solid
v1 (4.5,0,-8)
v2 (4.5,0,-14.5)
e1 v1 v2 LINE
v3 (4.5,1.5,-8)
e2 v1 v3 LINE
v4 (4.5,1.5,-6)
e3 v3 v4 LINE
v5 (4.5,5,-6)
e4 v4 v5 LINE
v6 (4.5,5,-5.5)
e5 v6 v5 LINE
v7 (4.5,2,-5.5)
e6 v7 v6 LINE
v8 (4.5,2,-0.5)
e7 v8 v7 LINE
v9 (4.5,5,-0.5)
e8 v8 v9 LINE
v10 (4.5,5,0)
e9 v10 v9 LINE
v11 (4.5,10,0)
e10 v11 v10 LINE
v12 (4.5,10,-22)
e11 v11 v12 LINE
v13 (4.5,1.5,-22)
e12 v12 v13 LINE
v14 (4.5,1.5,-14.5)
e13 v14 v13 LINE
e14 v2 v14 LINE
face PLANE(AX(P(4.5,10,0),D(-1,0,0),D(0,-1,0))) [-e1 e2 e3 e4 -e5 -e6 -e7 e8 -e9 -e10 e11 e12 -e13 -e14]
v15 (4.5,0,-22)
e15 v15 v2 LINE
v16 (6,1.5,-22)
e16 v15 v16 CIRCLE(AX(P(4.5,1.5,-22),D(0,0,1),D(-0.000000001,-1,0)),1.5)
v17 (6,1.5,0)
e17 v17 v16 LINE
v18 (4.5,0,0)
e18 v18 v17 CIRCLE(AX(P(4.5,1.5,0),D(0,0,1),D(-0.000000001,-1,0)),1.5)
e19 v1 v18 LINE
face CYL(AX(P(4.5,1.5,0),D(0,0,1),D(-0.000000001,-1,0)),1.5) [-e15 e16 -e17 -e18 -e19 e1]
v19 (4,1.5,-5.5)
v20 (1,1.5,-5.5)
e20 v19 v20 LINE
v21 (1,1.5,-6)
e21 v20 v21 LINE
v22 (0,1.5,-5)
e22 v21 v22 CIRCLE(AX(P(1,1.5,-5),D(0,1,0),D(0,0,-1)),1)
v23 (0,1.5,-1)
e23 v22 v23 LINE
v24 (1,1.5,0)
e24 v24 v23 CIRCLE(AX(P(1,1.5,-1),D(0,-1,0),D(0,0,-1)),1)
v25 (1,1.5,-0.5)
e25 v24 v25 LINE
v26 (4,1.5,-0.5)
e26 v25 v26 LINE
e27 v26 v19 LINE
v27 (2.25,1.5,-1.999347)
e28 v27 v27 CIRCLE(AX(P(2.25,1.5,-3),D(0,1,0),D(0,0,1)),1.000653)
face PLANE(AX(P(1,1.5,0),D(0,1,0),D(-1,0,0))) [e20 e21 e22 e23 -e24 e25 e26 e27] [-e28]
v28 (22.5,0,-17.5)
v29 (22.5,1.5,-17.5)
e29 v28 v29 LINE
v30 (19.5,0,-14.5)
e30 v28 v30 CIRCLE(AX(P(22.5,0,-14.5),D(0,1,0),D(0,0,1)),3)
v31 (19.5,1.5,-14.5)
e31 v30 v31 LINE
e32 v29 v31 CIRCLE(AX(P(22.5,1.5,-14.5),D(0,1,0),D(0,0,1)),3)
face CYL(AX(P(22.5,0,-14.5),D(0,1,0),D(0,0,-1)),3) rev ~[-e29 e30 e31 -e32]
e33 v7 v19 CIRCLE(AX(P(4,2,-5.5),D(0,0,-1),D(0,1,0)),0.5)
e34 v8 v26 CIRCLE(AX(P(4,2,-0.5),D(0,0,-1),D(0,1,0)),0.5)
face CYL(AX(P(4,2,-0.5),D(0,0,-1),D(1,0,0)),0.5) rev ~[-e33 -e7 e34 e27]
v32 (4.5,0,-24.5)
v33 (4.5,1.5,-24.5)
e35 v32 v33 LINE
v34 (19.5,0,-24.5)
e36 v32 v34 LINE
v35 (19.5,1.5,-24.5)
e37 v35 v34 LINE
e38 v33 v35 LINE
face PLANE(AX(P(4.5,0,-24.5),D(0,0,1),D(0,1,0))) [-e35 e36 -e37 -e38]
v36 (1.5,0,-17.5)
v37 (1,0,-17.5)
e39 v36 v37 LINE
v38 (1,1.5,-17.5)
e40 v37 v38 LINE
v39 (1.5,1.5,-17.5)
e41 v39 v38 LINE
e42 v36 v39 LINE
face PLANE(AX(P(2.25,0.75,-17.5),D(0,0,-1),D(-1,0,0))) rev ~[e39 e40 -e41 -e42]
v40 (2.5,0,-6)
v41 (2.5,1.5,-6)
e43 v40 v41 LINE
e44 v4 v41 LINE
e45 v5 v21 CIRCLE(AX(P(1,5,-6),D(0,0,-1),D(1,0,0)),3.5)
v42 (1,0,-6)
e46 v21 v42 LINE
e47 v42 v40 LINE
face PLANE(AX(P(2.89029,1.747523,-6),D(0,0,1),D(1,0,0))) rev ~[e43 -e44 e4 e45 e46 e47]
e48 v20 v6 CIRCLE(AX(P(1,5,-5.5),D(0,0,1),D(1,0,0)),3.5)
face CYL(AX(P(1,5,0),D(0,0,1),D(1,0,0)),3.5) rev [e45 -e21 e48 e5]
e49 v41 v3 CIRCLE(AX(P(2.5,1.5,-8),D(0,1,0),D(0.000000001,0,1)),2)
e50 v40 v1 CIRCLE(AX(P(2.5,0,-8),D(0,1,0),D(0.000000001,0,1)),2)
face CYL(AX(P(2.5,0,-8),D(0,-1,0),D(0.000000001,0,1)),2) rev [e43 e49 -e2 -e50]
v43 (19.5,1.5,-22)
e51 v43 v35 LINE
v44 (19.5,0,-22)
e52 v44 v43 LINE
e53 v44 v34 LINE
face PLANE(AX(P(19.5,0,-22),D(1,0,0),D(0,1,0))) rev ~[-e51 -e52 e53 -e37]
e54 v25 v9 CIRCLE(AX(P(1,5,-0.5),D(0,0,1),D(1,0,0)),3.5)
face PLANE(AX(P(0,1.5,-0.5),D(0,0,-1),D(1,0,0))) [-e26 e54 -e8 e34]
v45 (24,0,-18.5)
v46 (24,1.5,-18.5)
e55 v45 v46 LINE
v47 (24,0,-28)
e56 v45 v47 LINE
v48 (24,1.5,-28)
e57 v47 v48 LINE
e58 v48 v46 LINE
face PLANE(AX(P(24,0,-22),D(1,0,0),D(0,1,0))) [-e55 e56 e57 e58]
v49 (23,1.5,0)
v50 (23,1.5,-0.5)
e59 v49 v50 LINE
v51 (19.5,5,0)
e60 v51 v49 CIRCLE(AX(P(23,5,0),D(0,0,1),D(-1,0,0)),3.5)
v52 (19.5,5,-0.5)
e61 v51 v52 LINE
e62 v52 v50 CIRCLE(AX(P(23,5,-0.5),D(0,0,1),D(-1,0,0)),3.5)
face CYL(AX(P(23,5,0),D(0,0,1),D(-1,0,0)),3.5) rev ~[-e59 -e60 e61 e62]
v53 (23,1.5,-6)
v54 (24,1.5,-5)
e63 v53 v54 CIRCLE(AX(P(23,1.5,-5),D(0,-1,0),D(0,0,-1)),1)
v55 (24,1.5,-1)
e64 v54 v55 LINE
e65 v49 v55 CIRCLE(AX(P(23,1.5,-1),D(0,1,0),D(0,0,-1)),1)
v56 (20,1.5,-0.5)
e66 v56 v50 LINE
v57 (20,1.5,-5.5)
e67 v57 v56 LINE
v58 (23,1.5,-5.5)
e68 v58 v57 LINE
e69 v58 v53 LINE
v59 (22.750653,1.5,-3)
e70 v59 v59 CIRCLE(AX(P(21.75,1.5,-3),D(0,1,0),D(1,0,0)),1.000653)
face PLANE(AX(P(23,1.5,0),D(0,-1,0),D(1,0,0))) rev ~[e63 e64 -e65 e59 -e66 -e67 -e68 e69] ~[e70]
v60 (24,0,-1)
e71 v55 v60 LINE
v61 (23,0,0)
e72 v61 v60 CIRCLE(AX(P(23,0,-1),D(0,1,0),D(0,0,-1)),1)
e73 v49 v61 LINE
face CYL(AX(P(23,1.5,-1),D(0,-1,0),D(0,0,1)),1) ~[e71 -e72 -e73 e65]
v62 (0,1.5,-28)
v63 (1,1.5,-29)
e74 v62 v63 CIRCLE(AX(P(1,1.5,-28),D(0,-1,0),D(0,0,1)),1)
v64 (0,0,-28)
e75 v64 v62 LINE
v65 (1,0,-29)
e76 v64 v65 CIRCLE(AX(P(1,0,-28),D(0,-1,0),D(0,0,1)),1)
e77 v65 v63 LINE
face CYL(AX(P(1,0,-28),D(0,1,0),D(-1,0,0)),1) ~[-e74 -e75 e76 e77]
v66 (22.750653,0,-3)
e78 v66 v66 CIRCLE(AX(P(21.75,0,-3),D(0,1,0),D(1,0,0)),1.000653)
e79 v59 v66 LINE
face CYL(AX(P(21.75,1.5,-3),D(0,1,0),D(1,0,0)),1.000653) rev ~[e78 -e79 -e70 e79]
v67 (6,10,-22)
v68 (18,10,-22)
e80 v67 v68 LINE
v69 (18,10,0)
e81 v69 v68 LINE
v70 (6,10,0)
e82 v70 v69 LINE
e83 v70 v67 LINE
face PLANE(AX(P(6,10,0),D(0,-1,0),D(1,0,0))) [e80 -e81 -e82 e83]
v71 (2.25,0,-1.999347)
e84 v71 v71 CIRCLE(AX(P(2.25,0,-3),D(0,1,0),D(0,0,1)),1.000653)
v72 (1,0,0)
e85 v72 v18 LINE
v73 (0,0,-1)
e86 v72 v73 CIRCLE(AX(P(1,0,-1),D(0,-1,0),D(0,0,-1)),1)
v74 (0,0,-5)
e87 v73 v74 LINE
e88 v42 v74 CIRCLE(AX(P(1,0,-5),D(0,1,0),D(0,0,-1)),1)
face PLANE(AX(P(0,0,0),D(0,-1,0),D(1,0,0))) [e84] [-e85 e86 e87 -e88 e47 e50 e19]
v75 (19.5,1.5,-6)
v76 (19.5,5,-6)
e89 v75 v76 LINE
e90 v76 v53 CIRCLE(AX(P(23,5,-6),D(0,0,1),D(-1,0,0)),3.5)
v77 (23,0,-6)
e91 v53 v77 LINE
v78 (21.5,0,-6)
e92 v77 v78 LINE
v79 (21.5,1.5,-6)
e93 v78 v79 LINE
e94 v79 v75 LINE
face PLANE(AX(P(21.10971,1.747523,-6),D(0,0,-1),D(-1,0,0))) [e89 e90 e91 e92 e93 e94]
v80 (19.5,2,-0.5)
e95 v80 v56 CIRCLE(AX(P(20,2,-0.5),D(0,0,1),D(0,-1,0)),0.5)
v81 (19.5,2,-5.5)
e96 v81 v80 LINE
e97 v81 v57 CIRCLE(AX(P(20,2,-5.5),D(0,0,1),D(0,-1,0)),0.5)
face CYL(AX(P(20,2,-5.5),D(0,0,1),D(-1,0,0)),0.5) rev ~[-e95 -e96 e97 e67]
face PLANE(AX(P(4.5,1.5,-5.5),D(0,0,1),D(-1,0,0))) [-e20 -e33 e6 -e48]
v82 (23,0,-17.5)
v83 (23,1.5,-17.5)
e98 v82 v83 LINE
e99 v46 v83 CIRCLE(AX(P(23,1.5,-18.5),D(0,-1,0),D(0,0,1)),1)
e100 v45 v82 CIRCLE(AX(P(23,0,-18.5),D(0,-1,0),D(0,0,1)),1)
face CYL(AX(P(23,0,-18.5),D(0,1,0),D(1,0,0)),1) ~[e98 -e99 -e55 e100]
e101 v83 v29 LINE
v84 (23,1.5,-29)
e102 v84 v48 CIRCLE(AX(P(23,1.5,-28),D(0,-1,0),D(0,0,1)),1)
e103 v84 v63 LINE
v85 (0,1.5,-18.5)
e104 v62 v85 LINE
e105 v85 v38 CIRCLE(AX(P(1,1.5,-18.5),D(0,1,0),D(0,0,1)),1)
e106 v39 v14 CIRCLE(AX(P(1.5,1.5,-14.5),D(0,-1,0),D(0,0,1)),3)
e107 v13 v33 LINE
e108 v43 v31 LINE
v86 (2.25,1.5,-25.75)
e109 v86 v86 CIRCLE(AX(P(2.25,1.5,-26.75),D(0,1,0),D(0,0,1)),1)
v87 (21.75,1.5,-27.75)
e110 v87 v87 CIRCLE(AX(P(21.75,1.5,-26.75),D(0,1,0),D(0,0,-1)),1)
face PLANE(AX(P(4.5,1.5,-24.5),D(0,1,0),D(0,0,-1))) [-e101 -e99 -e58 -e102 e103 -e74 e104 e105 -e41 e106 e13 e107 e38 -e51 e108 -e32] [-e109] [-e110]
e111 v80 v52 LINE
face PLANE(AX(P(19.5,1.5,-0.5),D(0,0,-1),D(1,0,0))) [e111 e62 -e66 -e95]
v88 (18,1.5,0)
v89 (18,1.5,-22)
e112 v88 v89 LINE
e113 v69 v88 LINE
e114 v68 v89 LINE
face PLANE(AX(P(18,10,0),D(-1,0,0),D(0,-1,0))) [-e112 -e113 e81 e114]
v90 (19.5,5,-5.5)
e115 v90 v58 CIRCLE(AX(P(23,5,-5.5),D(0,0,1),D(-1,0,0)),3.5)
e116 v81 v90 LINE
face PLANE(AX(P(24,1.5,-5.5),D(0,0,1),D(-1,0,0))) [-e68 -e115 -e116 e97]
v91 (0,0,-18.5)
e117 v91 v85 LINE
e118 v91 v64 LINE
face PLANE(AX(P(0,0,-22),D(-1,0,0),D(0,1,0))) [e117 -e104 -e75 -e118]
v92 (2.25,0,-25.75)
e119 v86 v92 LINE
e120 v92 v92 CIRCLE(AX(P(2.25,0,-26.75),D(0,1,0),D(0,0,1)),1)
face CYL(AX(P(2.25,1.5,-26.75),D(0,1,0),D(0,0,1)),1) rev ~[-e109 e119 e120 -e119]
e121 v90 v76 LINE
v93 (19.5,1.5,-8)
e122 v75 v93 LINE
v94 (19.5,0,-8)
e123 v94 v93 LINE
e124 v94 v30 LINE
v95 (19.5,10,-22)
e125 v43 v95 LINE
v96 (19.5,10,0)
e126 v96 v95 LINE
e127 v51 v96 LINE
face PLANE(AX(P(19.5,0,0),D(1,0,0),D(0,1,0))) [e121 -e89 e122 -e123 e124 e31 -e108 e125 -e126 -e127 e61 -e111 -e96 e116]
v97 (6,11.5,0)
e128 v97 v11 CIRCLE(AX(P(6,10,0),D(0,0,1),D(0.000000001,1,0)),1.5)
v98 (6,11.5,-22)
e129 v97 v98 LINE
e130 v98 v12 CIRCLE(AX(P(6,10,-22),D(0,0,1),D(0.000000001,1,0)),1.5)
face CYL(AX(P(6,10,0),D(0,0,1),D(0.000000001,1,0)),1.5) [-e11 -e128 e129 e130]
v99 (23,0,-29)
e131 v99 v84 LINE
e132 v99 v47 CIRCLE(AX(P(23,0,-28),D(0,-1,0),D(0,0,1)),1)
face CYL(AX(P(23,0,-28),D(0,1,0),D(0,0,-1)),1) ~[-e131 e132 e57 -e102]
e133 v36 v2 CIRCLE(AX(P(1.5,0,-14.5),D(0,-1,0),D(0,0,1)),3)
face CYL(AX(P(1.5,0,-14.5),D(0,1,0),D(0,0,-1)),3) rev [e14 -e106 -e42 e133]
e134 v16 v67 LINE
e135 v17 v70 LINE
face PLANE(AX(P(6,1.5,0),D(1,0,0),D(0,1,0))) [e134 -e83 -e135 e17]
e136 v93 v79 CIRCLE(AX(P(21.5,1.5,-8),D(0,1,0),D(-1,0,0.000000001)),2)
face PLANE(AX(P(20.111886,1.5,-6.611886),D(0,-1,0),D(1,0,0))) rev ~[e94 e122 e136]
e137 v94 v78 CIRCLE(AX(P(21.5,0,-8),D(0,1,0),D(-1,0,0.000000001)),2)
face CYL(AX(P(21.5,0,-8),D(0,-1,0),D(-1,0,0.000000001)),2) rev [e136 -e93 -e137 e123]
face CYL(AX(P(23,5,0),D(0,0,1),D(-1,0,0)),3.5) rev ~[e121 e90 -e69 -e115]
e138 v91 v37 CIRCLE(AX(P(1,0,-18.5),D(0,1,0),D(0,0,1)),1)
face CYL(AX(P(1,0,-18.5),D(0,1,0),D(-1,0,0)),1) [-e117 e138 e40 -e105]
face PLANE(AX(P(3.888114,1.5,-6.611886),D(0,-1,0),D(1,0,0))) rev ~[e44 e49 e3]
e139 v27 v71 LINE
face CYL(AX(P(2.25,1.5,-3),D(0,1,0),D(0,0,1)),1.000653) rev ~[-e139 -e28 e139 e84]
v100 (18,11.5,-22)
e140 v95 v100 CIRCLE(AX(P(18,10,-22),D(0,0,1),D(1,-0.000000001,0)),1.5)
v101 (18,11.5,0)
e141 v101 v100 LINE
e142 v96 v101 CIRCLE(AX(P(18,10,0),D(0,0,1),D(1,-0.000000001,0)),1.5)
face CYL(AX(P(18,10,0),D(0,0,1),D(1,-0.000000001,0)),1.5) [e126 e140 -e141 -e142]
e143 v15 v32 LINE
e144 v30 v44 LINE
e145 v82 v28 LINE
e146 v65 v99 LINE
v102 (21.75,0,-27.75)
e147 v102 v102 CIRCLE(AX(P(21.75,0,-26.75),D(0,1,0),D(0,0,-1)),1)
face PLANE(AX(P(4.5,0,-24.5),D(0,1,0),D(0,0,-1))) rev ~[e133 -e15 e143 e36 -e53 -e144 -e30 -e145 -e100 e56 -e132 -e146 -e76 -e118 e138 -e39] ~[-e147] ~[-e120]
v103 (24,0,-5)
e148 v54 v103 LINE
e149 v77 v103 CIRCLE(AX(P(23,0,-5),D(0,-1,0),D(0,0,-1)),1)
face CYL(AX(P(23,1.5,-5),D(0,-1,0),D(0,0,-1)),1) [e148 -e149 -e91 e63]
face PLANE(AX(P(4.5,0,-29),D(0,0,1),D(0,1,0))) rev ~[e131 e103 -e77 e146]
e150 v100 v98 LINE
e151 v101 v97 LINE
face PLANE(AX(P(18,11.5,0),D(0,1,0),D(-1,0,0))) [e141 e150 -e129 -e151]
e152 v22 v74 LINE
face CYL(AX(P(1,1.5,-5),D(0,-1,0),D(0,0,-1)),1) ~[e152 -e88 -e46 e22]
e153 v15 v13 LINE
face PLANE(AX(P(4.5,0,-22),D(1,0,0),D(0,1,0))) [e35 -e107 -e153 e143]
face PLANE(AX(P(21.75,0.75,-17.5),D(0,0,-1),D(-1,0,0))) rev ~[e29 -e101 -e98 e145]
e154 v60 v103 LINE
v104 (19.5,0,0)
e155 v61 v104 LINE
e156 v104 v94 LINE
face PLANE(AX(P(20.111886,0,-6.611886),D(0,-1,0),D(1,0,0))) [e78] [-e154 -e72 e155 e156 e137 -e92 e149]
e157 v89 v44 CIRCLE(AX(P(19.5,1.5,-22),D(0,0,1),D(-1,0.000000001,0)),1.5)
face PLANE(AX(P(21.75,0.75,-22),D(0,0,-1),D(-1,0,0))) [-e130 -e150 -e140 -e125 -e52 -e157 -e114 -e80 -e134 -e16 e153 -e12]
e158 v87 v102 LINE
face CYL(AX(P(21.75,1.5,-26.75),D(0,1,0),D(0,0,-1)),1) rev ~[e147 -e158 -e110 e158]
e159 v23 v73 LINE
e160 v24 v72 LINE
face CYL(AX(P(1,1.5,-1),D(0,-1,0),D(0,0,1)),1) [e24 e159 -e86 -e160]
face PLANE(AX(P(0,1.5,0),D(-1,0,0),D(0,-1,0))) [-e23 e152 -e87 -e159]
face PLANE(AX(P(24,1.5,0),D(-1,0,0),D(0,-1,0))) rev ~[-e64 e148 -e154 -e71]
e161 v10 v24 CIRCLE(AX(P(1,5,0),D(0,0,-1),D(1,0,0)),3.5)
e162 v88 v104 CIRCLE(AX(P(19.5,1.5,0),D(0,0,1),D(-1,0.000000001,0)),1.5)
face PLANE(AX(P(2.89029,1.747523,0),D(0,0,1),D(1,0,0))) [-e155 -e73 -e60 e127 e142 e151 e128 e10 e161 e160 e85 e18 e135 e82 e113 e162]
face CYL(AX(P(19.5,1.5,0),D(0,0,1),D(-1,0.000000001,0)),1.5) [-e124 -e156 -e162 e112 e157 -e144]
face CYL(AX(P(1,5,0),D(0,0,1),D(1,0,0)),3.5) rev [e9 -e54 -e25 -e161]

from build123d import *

# Parameters (mm, degrees)
BOSS_EXTRUDE1_DEPTH = 22
BOSS_EXTRUDE2_DEPTH = 6
CUT_EXTRUDE1_DEPTH  = 6
FILLET1_R           = 0.5
SKETCH4_R           = 1.000653367
CUT_EXTRUDE2_DEPTH  = 6
SKETCH5_W           = 4.5
SKETCH5_H           = 1.5
BOSS_EXTRUDE3_DEPTH = 4.5
SKETCH7_W           = 4.5
SKETCH7_H           = 1.5
BOSS_EXTRUDE4_DEPTH = 7
SKETCH8_W           = 4.5
SKETCH8_H           = 1.5
BOSS_EXTRUDE5_DEPTH = 17
SKETCH9_R           = 1
CUT_EXTRUDE3_DEPTH  = 17
FILLET2_R           = 1
FILLET3_R           = 3
BOSS_EXTRUDE6_DEPTH = 1.5


with BuildPart() as part:
    # Sketch2 → Boss-Extrude1 (new body)
    with BuildSketch(Plane.XY):
        with BuildLine():
            Line((4.5, 5), (4.5, 0))
            ThreePointArc((4.5, 0), (5.560660172, 0.439339828), (6, 1.5))
            Line((6, 1.5), (6, 10))
            Line((6, 10), (18, 10))
            Line((18, 10), (18, 1.5))
            ThreePointArc((18, 1.5), (18.439339828, 0.439339828), (19.5, 0))
            Line((19.5, 0), (19.5, 5))
            Line((19.5, 5), (19.5, 10))
            ThreePointArc((19.5, 10), (19.060660172, 11.060660172), (18, 11.5))
            Line((18, 11.5), (6, 11.5))
            ThreePointArc((6, 11.5), (4.939339828, 11.060660172), (4.5, 10))
            Line((4.5, 10), (4.5, 5))
        make_face()
    extrude(amount=-BOSS_EXTRUDE1_DEPTH)

    # Sketch2<6> → Boss-Extrude2 (add)
    with BuildSketch(Plane.XY):
        with BuildLine():
            Line((0, 1.5), (0, 0))
            Line((0, 0), (4.5, 0))
            Line((4.5, 0), (4.5, 5))
            ThreePointArc((4.5, 5), (3.474873734, 2.525126266), (1, 1.5))
            Line((1, 1.5), (0, 1.5))
        make_face()
        with BuildLine():
            Line((19.5, 5), (19.5, 0))
            Line((19.5, 0), (24, 0))
            Line((24, 0), (24, 1.5))
            Line((24, 1.5), (23, 1.5))
            ThreePointArc((23, 1.5), (20.525126266, 2.525126266), (19.5, 5))
        make_face()
    extrude(amount=-BOSS_EXTRUDE2_DEPTH)

    # Sketch3 → Cut-Extrude1 (cut)
    with BuildSketch(Plane(origin=(0, 1.5, 0), x_dir=(1, 0, 0), z_dir=(0, 1, 0))):
        Polygon((24, 3), (24, 5.5), (19.5, 5.5), (19.5, 0.5), (24, 0.5), align=None)
        Polygon((0, 3), (0, 0.5), (4.5, 0.5), (4.5, 5.5), (0, 5.5), align=None)
    extrude(amount=CUT_EXTRUDE1_DEPTH, mode=Mode.SUBTRACT)

    # Fillet1
    fillet1_edges = [part.edges().sort_by_distance(p)[0] for p in [
        (19.5, 1.5, -3),
        (4.5, 1.5, -3),
    ]]
    fillet(fillet1_edges, radius=FILLET1_R)

    # Sketch4 → Cut-Extrude2 (cut)
    with BuildSketch(Plane(origin=(0, 1.5, 0), x_dir=(1, 0, 0), z_dir=(0, 1, 0))):
        with Locations((2.25, 3)):
            Circle(SKETCH4_R)
        with Locations((21.75, 3)):
            Circle(SKETCH4_R)
    extrude(amount=-CUT_EXTRUDE2_DEPTH, mode=Mode.SUBTRACT)

    # Sketch5 → Boss-Extrude3 (add)
    with BuildSketch(Plane(origin=(0, 0, -22), x_dir=(-1, 0, 0), z_dir=(0, 0, -1))):
        with Locations((-21.75, 0.75)):
            Rectangle(SKETCH5_W, SKETCH5_H)
        with Locations((-2.25, 0.75)):
            Rectangle(SKETCH5_W, SKETCH5_H)
    extrude(amount=-BOSS_EXTRUDE3_DEPTH)

    # Sketch7 → Boss-Extrude4 (add)
    with BuildSketch(Plane(origin=(0, 0, -22), x_dir=(-1, 0, 0), z_dir=(0, 0, -1))):
        with Locations((-21.75, 0.75)):
            Rectangle(SKETCH7_W, SKETCH7_H)
        with Locations((-2.25, 0.75)):
            Rectangle(SKETCH7_W, SKETCH7_H)
    extrude(amount=BOSS_EXTRUDE4_DEPTH)

    # Sketch8 → Boss-Extrude5 (add)
    with BuildSketch(Plane(origin=(4.5, 0, 0), x_dir=(0, 0, -1), z_dir=(1, 0, 0))):
        with Locations((26.75, 0.75)):
            Rectangle(SKETCH8_W, SKETCH8_H)
    extrude(amount=BOSS_EXTRUDE5_DEPTH)

    # Sketch9 → Cut-Extrude3 (cut)
    with BuildSketch(Plane(origin=(0, 1.5, 0), x_dir=(1, 0, 0), z_dir=(0, 1, 0))):
        with Locations((2.25, 26.75)):
            Circle(SKETCH9_R)
        with Locations((21.75, 26.75)):
            Circle(SKETCH9_R)
    extrude(amount=-CUT_EXTRUDE3_DEPTH, mode=Mode.SUBTRACT)

    # Fillet2
    fillet2_edges = [part.edges().sort_by_distance(p)[0] for p in [
        (24, 0.75, 0),
        (0, 0.75, 0),
        (0, 0.75, -6),
        (24, 0.75, -6),
        (24, 0.75, -17.5),
        (24, 0.75, -29),
        (0, 0.75, -17.5),
        (0, 0.75, -29),
    ]]
    fillet(fillet2_edges, radius=FILLET2_R)

    # Fillet3
    fillet3_edges = [part.edges().sort_by_distance(p)[0] for p in [
        (19.5, 0.75, -17.5),
        (4.5, 0.75, -17.5),
    ]]
    fillet(fillet3_edges, radius=FILLET3_R)

    # Sketch13 → Boss-Extrude6 (add)
    with BuildSketch(Plane.XZ):
        with BuildLine():
            Line((4.5, -8), (4.5, -6))
            Line((4.5, -6), (2.5, -6))
            ThreePointArc((2.5, -6), (3.914213562, -6.585786438), (4.5, -8))
        make_face()
        with BuildLine():
            ThreePointArc((19.5, -8), (20.085786438, -6.585786438), (21.5, -6))
            Line((21.5, -6), (19.5, -6))
            Line((19.5, -6), (19.5, -8))
        make_face()
    extrude(amount=-BOSS_EXTRUDE6_DEPTH)


solid = part.part
